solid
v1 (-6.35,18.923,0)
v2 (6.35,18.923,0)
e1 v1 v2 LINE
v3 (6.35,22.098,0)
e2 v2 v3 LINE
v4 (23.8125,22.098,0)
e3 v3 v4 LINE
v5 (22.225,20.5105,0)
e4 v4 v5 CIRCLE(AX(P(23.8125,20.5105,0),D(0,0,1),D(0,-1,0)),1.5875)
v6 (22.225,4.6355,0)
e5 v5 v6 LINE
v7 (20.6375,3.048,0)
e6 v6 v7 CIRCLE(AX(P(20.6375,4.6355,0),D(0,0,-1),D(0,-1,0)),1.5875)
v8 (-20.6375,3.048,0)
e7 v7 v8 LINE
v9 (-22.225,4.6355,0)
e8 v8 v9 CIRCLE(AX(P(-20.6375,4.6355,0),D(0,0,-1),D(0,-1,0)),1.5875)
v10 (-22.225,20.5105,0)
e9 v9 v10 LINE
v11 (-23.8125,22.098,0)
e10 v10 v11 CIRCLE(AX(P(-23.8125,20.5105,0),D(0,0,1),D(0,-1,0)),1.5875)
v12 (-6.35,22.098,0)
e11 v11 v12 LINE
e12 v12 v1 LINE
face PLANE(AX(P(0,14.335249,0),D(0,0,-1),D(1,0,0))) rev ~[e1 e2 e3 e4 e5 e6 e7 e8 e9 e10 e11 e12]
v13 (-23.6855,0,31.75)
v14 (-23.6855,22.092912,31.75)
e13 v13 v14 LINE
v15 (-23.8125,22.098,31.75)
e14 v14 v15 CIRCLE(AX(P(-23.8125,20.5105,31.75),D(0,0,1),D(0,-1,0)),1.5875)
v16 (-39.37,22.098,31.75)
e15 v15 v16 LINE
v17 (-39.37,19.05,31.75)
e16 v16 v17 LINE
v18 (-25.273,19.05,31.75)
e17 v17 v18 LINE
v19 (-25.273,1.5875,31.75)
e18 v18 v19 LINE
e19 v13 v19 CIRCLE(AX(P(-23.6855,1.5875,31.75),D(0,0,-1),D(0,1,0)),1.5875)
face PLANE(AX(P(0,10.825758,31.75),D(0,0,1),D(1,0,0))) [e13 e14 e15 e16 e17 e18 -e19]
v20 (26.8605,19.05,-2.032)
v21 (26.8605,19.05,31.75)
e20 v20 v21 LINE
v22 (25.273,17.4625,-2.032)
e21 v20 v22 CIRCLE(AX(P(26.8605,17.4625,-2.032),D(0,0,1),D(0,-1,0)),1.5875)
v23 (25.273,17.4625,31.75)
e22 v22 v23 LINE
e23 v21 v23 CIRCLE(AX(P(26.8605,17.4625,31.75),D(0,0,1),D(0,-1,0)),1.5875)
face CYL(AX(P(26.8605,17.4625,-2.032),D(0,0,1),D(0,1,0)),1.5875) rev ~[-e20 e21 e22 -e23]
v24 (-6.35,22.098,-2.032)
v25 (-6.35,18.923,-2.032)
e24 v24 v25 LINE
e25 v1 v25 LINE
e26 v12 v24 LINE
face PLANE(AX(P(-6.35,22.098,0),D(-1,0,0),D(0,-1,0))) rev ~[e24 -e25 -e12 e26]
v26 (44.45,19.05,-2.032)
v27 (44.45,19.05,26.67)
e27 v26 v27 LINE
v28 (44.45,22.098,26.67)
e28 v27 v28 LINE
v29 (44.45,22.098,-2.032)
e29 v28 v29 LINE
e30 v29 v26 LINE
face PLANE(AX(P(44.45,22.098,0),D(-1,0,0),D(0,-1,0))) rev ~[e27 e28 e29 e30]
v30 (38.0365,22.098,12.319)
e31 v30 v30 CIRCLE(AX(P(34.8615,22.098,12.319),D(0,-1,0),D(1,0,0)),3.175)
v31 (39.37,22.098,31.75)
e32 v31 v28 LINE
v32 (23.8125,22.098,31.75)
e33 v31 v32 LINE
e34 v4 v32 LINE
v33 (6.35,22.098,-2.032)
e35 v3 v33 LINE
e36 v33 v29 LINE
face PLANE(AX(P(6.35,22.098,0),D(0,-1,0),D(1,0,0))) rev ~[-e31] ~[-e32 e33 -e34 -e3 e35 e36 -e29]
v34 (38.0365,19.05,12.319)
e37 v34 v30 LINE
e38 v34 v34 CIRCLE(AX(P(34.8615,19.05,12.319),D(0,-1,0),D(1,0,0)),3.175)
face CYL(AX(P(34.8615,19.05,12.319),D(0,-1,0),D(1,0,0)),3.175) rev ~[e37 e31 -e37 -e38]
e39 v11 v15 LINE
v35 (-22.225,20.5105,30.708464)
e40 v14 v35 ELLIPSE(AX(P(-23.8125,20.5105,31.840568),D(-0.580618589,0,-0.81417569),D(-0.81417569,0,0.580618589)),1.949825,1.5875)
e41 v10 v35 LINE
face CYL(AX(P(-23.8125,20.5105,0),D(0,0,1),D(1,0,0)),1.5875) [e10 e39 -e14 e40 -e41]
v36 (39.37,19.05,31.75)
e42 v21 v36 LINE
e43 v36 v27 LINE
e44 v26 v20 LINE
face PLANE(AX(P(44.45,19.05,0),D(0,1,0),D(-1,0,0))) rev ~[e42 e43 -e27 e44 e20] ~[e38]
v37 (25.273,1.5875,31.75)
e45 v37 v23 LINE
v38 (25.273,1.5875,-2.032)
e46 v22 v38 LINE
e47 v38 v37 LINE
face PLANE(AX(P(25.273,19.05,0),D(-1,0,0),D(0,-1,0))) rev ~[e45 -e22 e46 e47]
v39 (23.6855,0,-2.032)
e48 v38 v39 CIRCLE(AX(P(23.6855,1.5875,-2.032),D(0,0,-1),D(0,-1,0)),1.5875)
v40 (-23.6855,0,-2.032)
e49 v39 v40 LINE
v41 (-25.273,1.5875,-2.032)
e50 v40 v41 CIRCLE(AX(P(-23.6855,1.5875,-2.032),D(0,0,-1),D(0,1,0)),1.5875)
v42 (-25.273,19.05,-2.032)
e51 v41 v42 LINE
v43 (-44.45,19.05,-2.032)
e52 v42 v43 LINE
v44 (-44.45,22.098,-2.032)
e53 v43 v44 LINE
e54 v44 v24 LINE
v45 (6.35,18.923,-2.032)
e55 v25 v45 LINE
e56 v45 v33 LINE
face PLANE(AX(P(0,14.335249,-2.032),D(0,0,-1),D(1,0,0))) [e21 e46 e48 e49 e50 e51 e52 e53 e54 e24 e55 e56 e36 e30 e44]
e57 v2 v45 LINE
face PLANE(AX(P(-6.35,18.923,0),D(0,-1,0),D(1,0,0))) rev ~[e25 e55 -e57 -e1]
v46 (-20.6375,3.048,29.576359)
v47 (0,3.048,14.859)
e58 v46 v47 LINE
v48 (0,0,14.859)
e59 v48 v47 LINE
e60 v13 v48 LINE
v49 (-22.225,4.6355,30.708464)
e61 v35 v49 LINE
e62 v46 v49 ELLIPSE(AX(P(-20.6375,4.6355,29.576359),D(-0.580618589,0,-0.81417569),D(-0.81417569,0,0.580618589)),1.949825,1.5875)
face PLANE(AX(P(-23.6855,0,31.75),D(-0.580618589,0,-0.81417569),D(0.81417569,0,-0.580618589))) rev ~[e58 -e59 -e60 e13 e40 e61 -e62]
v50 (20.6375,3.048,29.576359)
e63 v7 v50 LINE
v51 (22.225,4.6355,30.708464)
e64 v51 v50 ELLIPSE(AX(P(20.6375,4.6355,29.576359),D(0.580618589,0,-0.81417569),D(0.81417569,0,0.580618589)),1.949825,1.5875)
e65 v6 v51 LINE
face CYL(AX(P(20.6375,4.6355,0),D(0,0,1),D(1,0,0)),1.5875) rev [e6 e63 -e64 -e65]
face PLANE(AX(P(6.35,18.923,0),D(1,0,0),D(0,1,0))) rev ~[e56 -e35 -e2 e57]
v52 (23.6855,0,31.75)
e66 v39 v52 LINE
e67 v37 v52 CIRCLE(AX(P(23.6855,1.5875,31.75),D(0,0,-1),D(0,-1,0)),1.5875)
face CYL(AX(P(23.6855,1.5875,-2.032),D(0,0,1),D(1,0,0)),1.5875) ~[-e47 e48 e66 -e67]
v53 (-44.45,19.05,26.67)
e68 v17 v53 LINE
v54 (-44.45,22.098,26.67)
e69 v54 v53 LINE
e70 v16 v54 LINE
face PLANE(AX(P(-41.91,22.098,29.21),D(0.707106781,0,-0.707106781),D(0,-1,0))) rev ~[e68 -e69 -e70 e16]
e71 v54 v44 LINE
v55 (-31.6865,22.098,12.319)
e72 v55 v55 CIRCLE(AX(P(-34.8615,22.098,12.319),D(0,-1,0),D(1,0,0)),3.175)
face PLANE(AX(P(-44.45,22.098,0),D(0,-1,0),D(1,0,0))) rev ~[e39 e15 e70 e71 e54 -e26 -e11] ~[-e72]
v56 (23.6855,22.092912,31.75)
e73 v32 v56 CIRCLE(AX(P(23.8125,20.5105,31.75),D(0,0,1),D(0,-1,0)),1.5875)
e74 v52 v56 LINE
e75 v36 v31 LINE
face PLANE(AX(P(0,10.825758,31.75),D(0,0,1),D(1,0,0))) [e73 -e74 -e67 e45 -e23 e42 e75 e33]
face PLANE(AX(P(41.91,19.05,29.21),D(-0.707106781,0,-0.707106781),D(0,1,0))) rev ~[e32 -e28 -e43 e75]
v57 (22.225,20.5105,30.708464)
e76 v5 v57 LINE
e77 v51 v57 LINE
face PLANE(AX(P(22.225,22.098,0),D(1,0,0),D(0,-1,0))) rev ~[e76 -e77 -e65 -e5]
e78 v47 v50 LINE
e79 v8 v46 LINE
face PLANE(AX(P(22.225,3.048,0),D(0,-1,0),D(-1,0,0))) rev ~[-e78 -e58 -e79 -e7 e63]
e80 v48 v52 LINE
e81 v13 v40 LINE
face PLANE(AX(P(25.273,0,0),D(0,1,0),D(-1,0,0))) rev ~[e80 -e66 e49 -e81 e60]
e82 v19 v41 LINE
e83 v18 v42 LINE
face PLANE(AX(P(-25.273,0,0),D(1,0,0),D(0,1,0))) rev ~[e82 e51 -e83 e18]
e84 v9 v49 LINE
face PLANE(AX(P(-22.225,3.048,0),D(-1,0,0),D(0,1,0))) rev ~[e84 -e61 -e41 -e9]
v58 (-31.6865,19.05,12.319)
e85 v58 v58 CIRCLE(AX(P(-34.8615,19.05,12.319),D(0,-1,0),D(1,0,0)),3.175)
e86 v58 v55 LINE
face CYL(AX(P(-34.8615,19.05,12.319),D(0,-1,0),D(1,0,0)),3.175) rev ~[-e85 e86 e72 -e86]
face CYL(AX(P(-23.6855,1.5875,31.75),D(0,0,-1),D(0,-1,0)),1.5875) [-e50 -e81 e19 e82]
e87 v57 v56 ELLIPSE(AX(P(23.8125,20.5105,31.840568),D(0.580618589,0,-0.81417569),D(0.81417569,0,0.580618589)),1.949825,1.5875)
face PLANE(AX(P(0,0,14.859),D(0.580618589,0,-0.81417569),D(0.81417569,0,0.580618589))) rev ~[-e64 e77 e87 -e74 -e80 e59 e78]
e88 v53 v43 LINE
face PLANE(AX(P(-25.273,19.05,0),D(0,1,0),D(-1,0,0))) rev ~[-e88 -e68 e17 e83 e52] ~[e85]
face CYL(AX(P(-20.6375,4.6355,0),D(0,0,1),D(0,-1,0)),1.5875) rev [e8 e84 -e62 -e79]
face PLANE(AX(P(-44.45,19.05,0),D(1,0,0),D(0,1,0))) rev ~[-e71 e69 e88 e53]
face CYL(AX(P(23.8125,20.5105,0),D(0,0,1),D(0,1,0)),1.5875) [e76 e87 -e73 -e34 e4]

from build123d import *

# Parameters (mm, degrees)
F1_DEPTH = 31.75
F3_DEPTH = 2.032
F4_SIZE  = 5.08
F5_R     = 3.175
F6_DEPTH = 3.048
F7_R     = 1.5875
F9_DEPTH = 22.0939118459


with BuildPart() as f1:
    # F0 (on Top) → F1 (new body)
    with BuildSketch(Plane.XY):
        Polygon((-25.273, 19.05), (-25.273, 0), (25.273, 0), (25.273, 19.05), (44.45, 19.05), (44.45, 22.098), (22.225, 22.098), (22.225, 3.048), (-22.225, 3.048), (-22.225, 22.098), (-44.45, 22.098), (-44.45, 19.05), align=None)
    extrude(amount=F1_DEPTH)

    # F2 (on face) → F3 (join)
    with BuildSketch(Plane(origin=(0, 0, 0), x_dir=(1, 0, 0), z_dir=(0, 0, -1))):
        Polygon((25.273, 0), (-25.273, 0), (-25.273, -19.05), (-44.45, -19.05), (-44.45, -22.098), (-25.273, -22.098), (-6.35, -22.098), (-6.35, -18.923), (6.35, -18.923), (6.35, -22.098), (25.273, -22.098), (44.45, -22.098), (44.45, -19.05), (25.273, -19.05), align=None)
    extrude(amount=F3_DEPTH)

    # F4
    f4_edges = [f1.edges().sort_by_distance(p)[0] for p in [
        (44.45, 20.574, 31.75),
        (-44.45, 20.574, 31.75),
    ]]
    chamfer(f4_edges, length=F4_SIZE)

    # F5 (on face) → F6 (cut, through all)
    with BuildSketch(Plane.XZ.offset(-19.05)):
        with Locations((-34.8615, 12.319)):
            Circle(F5_R)
        with Locations((34.8615, 12.319)):
            Circle(F5_R)
    extrude(amount=-F6_DEPTH, mode=Mode.SUBTRACT)

    # F7
    f7_edges = [f1.edges().sort_by_distance(p)[0] for p in [
        (25.273, 0, 14.859),
        (-25.273, 0, 14.859),
        (25.273, 19.05, 14.859),
        (22.225, 3.048, 15.875),
        (22.225, 22.098, 15.875),
        (-22.225, 3.048, 15.875),
        (-22.225, 22.098, 15.875),
    ]]
    fillet(f7_edges, radius=F7_R)

    # F8 (on face) → F9 (cut, through all)
    with BuildSketch(Plane.XZ):
        Polygon((23.6855, 31.75), (-23.6855, 31.75), (0, 14.859), align=None)
    extrude(amount=-F9_DEPTH, mode=Mode.SUBTRACT)


solid = f1.part
